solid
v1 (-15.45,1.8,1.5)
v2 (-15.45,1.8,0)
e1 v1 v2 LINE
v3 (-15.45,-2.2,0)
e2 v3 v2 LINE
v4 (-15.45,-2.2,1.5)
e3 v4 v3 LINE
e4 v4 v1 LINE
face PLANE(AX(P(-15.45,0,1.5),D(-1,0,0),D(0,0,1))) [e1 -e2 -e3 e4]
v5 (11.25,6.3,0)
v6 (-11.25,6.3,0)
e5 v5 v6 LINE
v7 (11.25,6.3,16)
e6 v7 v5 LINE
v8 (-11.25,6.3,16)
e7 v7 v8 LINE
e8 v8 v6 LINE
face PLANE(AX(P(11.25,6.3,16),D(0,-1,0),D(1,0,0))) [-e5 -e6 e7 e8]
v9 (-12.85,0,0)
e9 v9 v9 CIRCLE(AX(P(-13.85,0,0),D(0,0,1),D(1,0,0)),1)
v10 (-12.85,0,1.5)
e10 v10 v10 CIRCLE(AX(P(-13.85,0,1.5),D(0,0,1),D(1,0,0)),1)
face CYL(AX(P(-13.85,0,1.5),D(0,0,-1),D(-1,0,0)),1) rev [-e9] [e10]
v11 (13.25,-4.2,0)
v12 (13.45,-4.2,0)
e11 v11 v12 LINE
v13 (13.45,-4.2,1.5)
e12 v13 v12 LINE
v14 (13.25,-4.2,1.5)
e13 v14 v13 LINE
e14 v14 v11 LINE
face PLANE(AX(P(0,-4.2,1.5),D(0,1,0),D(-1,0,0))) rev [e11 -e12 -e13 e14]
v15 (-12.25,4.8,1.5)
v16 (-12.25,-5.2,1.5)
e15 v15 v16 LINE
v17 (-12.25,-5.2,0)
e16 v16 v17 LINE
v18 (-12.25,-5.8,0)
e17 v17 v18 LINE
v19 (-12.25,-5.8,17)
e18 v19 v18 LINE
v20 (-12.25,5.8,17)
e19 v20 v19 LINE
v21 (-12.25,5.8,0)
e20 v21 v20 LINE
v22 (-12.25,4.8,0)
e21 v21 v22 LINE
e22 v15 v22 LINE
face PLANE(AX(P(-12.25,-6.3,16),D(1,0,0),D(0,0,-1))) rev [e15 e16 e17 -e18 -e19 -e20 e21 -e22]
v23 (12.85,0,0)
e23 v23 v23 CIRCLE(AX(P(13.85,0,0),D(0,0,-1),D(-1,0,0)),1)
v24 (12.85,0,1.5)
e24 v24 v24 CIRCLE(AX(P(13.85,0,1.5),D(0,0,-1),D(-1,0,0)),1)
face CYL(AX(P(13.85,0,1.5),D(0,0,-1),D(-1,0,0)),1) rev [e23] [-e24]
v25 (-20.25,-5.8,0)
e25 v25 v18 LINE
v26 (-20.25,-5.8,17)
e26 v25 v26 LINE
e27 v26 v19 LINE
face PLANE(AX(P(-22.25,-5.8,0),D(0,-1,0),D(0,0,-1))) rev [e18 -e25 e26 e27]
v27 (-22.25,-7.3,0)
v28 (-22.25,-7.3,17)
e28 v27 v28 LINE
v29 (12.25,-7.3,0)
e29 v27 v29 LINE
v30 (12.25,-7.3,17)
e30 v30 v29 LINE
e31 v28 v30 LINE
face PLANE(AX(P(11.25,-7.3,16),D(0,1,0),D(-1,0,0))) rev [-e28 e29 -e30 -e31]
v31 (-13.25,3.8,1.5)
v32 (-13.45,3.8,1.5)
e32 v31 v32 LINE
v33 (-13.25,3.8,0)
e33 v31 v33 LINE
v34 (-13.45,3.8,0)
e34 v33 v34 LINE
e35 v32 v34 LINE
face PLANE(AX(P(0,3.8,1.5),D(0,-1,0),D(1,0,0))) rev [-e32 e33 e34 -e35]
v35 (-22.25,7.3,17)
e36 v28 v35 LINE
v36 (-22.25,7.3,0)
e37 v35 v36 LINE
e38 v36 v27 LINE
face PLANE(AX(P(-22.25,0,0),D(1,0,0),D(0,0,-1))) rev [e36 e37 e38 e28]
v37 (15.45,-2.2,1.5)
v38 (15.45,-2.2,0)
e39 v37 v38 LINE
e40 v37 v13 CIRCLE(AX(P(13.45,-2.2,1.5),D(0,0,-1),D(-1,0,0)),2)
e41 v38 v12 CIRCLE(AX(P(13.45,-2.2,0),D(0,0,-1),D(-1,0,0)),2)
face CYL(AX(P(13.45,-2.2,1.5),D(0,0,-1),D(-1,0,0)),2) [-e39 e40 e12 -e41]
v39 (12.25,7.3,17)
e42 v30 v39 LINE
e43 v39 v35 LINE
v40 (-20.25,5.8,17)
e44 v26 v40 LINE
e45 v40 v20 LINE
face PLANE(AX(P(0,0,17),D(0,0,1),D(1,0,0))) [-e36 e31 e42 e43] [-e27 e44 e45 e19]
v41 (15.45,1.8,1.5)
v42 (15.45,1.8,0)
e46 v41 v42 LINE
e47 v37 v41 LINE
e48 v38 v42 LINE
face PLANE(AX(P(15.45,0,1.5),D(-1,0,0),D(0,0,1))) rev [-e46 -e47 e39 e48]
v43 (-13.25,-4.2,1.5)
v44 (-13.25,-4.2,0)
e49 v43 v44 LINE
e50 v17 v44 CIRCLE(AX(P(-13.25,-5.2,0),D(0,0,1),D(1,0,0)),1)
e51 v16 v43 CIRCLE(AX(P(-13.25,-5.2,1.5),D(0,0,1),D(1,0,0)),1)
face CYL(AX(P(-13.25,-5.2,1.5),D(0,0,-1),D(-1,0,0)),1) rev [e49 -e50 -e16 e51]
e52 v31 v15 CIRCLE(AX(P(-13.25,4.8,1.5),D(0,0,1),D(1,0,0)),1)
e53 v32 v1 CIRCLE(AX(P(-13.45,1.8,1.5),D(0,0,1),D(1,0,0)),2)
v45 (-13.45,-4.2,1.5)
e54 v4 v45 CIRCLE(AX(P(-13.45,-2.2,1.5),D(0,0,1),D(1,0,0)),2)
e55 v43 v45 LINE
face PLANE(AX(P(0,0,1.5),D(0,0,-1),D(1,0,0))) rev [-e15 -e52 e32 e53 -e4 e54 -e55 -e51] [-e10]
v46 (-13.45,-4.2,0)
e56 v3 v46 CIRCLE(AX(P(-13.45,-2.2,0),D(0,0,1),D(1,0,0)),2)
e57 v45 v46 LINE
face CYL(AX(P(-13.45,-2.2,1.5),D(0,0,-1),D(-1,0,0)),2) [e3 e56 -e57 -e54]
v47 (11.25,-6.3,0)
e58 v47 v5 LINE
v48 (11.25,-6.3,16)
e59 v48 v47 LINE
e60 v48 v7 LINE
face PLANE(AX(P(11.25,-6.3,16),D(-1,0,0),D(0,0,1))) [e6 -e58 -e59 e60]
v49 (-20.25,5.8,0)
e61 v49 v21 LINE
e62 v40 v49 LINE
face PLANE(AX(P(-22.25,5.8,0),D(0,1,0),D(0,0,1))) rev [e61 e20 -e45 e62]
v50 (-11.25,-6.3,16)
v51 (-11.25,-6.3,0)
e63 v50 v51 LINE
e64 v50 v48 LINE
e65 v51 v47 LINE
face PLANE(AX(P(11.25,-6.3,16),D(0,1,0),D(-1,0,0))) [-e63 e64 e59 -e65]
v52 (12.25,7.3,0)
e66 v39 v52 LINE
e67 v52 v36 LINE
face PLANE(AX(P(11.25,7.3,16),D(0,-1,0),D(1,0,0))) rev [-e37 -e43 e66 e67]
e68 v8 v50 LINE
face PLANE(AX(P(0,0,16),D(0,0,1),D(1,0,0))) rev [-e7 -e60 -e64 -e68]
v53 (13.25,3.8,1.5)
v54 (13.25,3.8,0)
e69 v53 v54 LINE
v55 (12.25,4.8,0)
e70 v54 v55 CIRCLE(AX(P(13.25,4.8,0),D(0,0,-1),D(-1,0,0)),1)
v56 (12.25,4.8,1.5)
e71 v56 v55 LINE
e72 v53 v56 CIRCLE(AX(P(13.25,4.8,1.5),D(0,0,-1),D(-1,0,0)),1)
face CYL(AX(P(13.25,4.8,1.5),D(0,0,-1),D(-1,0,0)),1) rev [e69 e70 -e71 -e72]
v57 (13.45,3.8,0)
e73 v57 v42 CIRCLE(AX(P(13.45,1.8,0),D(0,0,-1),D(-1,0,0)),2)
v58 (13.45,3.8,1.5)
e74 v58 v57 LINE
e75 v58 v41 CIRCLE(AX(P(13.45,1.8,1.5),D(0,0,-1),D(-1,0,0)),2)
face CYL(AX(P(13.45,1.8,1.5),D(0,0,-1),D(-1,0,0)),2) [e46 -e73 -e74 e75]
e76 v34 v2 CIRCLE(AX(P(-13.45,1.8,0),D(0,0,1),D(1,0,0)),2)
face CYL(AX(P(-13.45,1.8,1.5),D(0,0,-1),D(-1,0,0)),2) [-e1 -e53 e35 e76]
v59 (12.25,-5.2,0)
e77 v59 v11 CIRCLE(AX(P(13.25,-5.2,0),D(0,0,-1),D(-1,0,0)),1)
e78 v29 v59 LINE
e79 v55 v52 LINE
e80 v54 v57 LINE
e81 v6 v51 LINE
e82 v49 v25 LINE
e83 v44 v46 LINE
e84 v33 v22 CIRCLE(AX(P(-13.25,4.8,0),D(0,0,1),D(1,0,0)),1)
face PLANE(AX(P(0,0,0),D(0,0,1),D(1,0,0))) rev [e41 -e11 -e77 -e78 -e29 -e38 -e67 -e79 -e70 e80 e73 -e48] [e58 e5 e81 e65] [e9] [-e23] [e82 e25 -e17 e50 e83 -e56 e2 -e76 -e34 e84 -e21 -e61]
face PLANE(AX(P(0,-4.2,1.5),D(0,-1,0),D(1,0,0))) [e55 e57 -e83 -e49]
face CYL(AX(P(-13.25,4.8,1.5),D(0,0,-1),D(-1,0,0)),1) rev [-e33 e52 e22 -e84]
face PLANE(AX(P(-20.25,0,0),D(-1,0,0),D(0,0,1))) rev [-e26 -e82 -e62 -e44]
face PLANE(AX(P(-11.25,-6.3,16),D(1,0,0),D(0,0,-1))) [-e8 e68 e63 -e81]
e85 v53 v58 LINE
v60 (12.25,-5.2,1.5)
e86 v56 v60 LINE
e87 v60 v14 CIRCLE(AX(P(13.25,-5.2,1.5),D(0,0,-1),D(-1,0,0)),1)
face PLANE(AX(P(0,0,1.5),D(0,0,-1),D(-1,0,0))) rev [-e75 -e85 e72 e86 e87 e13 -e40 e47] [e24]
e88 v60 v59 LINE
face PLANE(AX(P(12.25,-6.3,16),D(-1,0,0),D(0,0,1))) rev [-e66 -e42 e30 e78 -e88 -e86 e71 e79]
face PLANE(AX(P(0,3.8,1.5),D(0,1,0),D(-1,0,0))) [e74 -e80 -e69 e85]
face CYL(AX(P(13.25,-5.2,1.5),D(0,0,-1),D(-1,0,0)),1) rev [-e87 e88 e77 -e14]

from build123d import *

# Parameters (mm, degrees)
SKETCH1_W           = 22.5
SKETCH1_H           = 12.6
BOSS_EXTRUDE1_DEPTH = 16
SHELL2_T            = 1
SKETCH2_R           = 1
BOSS_EXTRUDE2_DEPTH = 1.5
SKETCH5_W           = 17
SKETCH5_H           = 1.5
BOSS_EXTRUDE3_DEPTH = 10
SKETCH6_W           = 17
SKETCH6_H           = 11.6
BOSS_EXTRUDE4_DEPTH = 2


with BuildPart() as part:
    # Sketch1 → Boss-Extrude1 (new body)
    with BuildSketch(Plane.XY):
        Rectangle(SKETCH1_W, SKETCH1_H)
    extrude(amount=BOSS_EXTRUDE1_DEPTH)

    # Shell2
    shell2_openings = [part.faces().sort_by_distance(p)[0] for p in [
        (0, 0, 0),
    ]]
    offset(amount=SHELL2_T, openings=shell2_openings, kind=Kind.INTERSECTION)

    # Sketch2 → Boss-Extrude2 (add)
    with BuildSketch(Plane(origin=(0, 0, 0), x_dir=(-1, 0, 0), z_dir=(0, 0, -1))):
        with BuildLine():
            Line((-13.45, -4.2), (-13.25, -4.2))
            ThreePointArc((-13.25, -4.2), (-12.542893219, -4.492893219), (-12.25, -5.2))
            Line((-12.25, -5.2), (-12.25, 4.8))
            ThreePointArc((-12.25, 4.8), (-12.542893219, 4.092893219), (-13.25, 3.8))
            Line((-13.25, 3.8), (-13.45, 3.8))
            ThreePointArc((-13.45, 3.8), (-14.864213562, 3.214213562), (-15.45, 1.8))
            Line((-15.45, 1.8), (-15.45, -2.2))
            ThreePointArc((-15.45, -2.2), (-14.864213562, -3.614213562), (-13.45, -4.2))
        make_face()
        with Locations((-13.85, 0)):
            Circle(SKETCH2_R, mode=Mode.SUBTRACT)
    boss_extrude2 = extrude(amount=-BOSS_EXTRUDE2_DEPTH)

    # Mirror1: Boss-Extrude2 across plane
    add(boss_extrude2.mirror(Plane(origin=(0, 0, 0), x_dir=(0, 0, 1), z_dir=(1, 0, 0))))

    # Sketch5 → Boss-Extrude3 (add)
    with BuildSketch(Plane.ZY.offset(12.25)):
        with Locations((8.5, 6.55)):
            Rectangle(SKETCH5_W, SKETCH5_H)
        with Locations((8.5, -6.55)):
            Rectangle(SKETCH5_W, SKETCH5_H)
    extrude(amount=BOSS_EXTRUDE3_DEPTH)

    # Sketch6 → Boss-Extrude4 (add)
    with BuildSketch(Plane.ZY.offset(22.25)):
        with Locations((8.5, 0)):
            Rectangle(SKETCH6_W, SKETCH6_H)
    extrude(amount=-BOSS_EXTRUDE4_DEPTH)


solid = part.part
